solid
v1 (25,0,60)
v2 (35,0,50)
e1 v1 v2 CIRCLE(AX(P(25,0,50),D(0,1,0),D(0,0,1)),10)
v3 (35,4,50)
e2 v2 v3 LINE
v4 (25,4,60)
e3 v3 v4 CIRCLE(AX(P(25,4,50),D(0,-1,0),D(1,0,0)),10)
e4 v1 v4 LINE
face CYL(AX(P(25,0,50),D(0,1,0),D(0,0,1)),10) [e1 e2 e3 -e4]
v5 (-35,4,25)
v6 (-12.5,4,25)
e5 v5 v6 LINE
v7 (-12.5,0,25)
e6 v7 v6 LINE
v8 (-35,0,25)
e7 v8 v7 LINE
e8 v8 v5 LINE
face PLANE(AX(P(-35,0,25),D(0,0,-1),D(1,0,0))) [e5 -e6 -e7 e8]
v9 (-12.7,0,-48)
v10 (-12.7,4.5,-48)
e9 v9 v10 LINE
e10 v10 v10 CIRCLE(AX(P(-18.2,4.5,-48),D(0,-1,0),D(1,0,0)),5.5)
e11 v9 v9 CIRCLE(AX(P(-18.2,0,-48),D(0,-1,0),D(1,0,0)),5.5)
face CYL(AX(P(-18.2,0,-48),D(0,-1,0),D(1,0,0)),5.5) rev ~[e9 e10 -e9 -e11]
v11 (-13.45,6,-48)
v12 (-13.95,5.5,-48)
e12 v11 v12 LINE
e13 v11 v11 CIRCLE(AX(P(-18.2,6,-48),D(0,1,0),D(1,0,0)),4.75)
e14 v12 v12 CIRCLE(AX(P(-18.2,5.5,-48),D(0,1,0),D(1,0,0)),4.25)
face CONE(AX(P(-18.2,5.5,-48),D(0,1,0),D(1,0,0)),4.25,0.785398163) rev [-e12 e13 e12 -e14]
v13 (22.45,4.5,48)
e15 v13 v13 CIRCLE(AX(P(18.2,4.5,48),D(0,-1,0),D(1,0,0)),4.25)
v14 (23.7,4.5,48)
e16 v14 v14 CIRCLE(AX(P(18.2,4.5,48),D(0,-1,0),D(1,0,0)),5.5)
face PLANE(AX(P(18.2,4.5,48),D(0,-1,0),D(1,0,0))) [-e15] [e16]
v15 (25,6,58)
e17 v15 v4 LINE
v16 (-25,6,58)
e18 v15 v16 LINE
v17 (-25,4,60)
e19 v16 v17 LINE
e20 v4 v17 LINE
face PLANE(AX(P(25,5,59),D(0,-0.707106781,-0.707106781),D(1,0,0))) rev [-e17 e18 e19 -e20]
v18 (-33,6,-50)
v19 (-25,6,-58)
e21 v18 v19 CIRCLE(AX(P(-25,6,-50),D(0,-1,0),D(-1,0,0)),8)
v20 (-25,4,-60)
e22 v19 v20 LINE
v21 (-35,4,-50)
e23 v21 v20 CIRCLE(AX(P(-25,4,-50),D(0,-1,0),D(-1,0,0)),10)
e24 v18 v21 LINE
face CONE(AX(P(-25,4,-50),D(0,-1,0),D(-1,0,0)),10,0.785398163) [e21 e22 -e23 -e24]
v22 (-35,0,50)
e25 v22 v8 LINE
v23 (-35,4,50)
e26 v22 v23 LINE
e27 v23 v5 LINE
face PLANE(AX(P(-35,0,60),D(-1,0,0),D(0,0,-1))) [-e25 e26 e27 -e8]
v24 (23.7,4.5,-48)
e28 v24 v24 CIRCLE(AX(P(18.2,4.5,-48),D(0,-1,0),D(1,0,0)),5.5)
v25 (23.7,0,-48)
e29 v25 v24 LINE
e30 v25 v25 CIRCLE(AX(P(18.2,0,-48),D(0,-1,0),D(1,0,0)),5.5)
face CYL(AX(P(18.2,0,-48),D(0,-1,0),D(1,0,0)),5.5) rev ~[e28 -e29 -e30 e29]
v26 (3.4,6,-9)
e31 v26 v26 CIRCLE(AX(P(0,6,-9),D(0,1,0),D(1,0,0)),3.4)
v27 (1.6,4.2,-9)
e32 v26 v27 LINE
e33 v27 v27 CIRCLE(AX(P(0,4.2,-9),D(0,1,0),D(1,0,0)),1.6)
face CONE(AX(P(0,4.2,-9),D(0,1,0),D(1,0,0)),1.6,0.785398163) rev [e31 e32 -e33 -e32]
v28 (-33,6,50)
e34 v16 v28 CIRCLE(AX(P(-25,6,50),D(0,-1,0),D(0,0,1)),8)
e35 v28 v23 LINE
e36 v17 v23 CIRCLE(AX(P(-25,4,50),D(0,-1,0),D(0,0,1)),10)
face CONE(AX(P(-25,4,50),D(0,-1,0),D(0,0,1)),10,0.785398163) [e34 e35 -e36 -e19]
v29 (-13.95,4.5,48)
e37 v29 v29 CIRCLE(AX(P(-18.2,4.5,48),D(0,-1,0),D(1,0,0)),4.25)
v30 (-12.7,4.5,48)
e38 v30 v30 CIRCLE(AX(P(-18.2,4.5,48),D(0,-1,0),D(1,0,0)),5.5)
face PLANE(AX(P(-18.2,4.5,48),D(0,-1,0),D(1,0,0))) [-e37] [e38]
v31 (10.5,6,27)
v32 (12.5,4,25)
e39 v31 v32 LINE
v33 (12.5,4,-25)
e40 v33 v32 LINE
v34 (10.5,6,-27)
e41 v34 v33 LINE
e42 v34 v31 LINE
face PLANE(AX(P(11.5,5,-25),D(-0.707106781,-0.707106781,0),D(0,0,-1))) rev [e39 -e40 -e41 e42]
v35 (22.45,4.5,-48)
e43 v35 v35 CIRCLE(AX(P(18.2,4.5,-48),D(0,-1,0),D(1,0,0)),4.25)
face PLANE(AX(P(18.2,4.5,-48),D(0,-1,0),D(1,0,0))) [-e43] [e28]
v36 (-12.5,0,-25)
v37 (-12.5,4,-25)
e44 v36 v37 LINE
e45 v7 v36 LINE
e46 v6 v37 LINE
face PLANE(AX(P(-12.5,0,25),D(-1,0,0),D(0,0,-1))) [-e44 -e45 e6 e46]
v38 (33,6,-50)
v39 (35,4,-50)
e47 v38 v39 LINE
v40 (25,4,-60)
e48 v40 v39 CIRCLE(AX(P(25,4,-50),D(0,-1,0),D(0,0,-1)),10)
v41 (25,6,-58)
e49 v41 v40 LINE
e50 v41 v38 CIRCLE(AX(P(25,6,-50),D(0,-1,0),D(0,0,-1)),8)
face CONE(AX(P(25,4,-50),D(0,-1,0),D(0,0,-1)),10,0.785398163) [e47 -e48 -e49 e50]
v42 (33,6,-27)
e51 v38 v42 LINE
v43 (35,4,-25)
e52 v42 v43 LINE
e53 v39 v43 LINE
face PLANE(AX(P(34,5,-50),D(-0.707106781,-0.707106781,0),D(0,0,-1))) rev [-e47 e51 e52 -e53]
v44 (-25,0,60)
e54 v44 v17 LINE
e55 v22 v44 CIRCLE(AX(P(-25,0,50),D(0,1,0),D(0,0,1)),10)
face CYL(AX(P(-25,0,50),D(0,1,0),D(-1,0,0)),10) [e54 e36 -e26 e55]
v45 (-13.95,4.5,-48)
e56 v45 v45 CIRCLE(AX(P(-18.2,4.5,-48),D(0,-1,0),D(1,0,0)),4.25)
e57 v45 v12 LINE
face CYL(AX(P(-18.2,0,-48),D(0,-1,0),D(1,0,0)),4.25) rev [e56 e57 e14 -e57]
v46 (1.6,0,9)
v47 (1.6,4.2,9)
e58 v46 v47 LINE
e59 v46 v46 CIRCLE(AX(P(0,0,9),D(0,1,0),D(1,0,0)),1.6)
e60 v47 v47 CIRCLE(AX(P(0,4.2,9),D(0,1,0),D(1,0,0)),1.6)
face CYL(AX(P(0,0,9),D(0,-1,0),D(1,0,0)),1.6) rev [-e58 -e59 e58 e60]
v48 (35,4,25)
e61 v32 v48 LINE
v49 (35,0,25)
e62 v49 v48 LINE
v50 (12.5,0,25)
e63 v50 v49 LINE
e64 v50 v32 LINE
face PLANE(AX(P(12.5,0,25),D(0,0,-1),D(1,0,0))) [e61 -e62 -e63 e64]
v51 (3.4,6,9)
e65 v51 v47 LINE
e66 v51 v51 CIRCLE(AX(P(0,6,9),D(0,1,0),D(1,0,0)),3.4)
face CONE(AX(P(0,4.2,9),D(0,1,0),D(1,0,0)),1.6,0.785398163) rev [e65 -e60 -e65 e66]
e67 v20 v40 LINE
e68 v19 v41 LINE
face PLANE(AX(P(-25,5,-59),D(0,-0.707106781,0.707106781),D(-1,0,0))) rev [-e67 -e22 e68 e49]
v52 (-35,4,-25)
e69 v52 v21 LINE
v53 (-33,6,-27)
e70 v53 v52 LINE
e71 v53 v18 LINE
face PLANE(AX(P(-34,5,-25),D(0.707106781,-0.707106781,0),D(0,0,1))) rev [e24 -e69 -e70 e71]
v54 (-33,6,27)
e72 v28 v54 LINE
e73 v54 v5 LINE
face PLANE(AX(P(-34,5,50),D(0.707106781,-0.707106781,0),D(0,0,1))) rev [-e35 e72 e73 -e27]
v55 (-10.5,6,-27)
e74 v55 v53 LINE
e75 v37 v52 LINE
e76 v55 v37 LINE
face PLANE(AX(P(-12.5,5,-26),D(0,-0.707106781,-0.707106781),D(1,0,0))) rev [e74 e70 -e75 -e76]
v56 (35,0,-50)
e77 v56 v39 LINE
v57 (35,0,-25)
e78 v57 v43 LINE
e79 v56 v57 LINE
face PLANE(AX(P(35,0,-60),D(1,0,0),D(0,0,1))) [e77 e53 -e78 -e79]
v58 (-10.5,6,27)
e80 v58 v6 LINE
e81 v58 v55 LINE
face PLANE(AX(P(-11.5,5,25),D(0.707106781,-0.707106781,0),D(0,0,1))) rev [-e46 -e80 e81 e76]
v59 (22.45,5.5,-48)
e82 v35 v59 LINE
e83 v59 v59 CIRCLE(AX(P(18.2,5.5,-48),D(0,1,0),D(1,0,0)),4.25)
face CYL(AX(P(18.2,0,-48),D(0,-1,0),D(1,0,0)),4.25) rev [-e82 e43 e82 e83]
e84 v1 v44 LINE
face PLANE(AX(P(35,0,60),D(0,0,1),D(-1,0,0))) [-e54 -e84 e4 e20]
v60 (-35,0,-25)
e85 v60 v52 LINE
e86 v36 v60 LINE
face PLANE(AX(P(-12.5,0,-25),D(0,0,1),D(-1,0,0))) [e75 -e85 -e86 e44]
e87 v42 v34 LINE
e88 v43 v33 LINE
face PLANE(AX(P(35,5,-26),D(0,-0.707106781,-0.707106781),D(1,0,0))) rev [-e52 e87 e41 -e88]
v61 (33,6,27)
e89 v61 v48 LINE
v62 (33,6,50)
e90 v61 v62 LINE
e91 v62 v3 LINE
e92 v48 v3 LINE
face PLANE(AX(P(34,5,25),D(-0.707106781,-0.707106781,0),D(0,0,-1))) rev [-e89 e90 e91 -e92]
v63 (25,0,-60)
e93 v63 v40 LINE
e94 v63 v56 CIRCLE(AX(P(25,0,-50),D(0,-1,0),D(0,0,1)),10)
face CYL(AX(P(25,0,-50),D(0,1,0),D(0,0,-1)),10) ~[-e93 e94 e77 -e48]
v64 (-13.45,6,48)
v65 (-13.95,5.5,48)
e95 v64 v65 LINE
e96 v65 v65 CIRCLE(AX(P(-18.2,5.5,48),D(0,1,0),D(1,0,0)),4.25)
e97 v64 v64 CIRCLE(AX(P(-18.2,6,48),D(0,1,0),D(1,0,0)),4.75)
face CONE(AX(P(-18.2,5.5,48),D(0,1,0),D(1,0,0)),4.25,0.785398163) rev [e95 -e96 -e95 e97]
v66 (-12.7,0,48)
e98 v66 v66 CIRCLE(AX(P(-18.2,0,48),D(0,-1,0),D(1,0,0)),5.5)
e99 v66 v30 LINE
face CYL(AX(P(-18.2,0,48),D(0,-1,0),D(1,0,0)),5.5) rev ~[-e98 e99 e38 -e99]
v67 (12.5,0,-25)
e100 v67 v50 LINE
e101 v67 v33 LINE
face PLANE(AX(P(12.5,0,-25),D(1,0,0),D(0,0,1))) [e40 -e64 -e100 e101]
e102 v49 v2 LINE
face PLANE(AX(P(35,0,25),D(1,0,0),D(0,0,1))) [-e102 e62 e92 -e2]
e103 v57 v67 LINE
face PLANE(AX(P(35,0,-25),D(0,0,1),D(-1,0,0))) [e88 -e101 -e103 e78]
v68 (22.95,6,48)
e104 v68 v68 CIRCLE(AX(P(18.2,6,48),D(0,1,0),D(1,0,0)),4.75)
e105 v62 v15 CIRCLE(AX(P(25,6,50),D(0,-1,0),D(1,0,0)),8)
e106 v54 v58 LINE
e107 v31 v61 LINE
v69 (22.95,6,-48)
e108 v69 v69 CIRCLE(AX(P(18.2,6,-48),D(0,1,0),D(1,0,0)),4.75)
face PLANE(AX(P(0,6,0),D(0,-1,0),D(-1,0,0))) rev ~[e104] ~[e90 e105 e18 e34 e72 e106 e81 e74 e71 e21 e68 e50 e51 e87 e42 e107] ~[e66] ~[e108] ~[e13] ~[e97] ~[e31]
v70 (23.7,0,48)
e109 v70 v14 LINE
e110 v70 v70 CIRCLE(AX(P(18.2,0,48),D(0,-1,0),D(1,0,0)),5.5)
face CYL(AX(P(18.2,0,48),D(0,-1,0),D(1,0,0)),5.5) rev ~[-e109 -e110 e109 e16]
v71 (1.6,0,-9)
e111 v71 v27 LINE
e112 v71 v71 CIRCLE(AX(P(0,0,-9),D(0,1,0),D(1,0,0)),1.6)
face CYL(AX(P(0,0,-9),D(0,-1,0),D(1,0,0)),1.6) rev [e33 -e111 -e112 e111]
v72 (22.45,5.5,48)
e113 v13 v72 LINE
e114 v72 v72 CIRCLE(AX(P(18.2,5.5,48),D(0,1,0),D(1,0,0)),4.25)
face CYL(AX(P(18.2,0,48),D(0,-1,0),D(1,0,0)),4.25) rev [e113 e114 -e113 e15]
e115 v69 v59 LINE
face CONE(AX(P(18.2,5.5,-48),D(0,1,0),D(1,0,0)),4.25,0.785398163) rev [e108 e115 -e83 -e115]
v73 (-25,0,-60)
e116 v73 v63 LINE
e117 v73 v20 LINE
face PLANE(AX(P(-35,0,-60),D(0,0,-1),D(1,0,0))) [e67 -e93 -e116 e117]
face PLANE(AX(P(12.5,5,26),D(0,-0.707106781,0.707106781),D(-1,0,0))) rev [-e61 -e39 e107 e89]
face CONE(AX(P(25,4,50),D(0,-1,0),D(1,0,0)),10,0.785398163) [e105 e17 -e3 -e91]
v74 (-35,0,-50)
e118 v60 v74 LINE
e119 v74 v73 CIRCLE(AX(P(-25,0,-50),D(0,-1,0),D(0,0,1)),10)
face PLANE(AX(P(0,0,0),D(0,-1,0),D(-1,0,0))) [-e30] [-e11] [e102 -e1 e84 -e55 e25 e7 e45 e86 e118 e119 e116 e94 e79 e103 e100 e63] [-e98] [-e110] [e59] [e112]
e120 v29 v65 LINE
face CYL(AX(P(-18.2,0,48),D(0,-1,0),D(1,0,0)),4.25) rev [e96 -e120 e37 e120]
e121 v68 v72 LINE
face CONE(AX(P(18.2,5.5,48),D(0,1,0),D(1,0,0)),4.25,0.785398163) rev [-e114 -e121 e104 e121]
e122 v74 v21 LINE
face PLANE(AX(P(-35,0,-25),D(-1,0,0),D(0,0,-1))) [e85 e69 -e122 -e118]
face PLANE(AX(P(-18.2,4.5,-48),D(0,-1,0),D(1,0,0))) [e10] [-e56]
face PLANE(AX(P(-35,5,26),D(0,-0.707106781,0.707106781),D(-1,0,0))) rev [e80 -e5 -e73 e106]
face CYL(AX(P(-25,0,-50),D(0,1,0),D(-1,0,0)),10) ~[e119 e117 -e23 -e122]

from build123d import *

# Parameters (mm, degrees)
ESQUISSE2_R             = 4.25
ESQUISSE2_R_2           = 1.6
BOSS_EXTRU_1_DEPTH      = 6
CONG_1_R                = 10
CHANFREIN1_SIZE         = 1.8
CHANFREIN2_SIZE         = 2
ESQUISSE3_R             = 5.5
ENL_V_MAT_EXTRU_1_DEPTH = 4.5
CHANFREIN3_SIZE         = 0.5


with BuildPart() as part:
    # Esquisse2 → Boss.-Extru.1 (new body)
    with BuildSketch(Plane(origin=(0, 0, 0), x_dir=(1, 0, 0), z_dir=(0, 1, 0))):
        Polygon((-12.5, -25), (-12.5, 25), (-35, 25), (-35, 60), (35, 60), (35, 25), (12.5, 25), (12.5, -25), (35, -25), (35, -60), (-35, -60), (-35, -25), align=None)
        with Locations((-18.2, 48)):
            Circle(ESQUISSE2_R, mode=Mode.SUBTRACT)
        with Locations((18.2, 48)):
            Circle(ESQUISSE2_R, mode=Mode.SUBTRACT)
        with Locations((18.2, -48)):
            Circle(ESQUISSE2_R, mode=Mode.SUBTRACT)
        with Locations((-18.2, -48)):
            Circle(ESQUISSE2_R, mode=Mode.SUBTRACT)
        with Locations((0, 9)):
            Circle(ESQUISSE2_R_2, mode=Mode.SUBTRACT)
        with Locations((0, -9)):
            Circle(ESQUISSE2_R_2, mode=Mode.SUBTRACT)
    extrude(amount=BOSS_EXTRU_1_DEPTH)

    # Congé1
    cong_1_edges = [part.edges().sort_by_distance(p)[0] for p in [
        (-35, 3, -60),
        (35, 3, -60),
        (35, 3, 60),
        (-35, 3, 60),
    ]]
    fillet(cong_1_edges, radius=CONG_1_R)

    # Chanfrein1
    chanfrein1_edges = [part.edges().sort_by_distance(p)[0] for p in [
        (-1.6, 6, -9),
        (-1.6, 6, 9),
    ]]
    chamfer(chanfrein1_edges, length=CHANFREIN1_SIZE)

    # Chanfrein2
    chanfrein2_edges = [part.edges().sort_by_distance(p)[0] for p in [
        (-23.75, 6, 25),
        (-35, 6, 37.5),
        (23.75, 6, 25),
        (12.5, 6, 0),
        (23.75, 6, -25),
        (35, 6, -37.5),
        (-23.75, 6, -25),
        (0, 6, 60),
        (35, 6, 37.5),
        (0, 6, -60),
        (-35, 6, -37.5),
        (-32.071067812, 6, -57.071067812),
        (32.071067812, 6, -57.071067812),
        (32.071067812, 6, 57.071067812),
        (-32.071067812, 6, 57.071067812),
        (-12.5, 6, 0),
    ]]
    chamfer(chanfrein2_edges, length=CHANFREIN2_SIZE)

    # Esquisse3 → Enlèv. mat.-Extru.1 (cut)
    with BuildSketch(Plane.XZ):
        with Locations((-18.2, 48)):
            Circle(ESQUISSE3_R)
        with Locations((18.2, 48)):
            Circle(ESQUISSE3_R)
        with Locations((18.2, -48)):
            Circle(ESQUISSE3_R)
        with Locations((-18.2, -48)):
            Circle(ESQUISSE3_R)
    extrude(amount=-ENL_V_MAT_EXTRU_1_DEPTH, mode=Mode.SUBTRACT)

    # Chanfrein3
    chanfrein3_edges = [part.edges().sort_by_distance(p)[0] for p in [
        (-22.45, 6, -48),
        (13.95, 6, -48),
        (13.95, 6, 48),
        (-22.45, 6, 48),
    ]]
    chamfer(chanfrein3_edges, length=CHANFREIN3_SIZE)


solid = part.part
